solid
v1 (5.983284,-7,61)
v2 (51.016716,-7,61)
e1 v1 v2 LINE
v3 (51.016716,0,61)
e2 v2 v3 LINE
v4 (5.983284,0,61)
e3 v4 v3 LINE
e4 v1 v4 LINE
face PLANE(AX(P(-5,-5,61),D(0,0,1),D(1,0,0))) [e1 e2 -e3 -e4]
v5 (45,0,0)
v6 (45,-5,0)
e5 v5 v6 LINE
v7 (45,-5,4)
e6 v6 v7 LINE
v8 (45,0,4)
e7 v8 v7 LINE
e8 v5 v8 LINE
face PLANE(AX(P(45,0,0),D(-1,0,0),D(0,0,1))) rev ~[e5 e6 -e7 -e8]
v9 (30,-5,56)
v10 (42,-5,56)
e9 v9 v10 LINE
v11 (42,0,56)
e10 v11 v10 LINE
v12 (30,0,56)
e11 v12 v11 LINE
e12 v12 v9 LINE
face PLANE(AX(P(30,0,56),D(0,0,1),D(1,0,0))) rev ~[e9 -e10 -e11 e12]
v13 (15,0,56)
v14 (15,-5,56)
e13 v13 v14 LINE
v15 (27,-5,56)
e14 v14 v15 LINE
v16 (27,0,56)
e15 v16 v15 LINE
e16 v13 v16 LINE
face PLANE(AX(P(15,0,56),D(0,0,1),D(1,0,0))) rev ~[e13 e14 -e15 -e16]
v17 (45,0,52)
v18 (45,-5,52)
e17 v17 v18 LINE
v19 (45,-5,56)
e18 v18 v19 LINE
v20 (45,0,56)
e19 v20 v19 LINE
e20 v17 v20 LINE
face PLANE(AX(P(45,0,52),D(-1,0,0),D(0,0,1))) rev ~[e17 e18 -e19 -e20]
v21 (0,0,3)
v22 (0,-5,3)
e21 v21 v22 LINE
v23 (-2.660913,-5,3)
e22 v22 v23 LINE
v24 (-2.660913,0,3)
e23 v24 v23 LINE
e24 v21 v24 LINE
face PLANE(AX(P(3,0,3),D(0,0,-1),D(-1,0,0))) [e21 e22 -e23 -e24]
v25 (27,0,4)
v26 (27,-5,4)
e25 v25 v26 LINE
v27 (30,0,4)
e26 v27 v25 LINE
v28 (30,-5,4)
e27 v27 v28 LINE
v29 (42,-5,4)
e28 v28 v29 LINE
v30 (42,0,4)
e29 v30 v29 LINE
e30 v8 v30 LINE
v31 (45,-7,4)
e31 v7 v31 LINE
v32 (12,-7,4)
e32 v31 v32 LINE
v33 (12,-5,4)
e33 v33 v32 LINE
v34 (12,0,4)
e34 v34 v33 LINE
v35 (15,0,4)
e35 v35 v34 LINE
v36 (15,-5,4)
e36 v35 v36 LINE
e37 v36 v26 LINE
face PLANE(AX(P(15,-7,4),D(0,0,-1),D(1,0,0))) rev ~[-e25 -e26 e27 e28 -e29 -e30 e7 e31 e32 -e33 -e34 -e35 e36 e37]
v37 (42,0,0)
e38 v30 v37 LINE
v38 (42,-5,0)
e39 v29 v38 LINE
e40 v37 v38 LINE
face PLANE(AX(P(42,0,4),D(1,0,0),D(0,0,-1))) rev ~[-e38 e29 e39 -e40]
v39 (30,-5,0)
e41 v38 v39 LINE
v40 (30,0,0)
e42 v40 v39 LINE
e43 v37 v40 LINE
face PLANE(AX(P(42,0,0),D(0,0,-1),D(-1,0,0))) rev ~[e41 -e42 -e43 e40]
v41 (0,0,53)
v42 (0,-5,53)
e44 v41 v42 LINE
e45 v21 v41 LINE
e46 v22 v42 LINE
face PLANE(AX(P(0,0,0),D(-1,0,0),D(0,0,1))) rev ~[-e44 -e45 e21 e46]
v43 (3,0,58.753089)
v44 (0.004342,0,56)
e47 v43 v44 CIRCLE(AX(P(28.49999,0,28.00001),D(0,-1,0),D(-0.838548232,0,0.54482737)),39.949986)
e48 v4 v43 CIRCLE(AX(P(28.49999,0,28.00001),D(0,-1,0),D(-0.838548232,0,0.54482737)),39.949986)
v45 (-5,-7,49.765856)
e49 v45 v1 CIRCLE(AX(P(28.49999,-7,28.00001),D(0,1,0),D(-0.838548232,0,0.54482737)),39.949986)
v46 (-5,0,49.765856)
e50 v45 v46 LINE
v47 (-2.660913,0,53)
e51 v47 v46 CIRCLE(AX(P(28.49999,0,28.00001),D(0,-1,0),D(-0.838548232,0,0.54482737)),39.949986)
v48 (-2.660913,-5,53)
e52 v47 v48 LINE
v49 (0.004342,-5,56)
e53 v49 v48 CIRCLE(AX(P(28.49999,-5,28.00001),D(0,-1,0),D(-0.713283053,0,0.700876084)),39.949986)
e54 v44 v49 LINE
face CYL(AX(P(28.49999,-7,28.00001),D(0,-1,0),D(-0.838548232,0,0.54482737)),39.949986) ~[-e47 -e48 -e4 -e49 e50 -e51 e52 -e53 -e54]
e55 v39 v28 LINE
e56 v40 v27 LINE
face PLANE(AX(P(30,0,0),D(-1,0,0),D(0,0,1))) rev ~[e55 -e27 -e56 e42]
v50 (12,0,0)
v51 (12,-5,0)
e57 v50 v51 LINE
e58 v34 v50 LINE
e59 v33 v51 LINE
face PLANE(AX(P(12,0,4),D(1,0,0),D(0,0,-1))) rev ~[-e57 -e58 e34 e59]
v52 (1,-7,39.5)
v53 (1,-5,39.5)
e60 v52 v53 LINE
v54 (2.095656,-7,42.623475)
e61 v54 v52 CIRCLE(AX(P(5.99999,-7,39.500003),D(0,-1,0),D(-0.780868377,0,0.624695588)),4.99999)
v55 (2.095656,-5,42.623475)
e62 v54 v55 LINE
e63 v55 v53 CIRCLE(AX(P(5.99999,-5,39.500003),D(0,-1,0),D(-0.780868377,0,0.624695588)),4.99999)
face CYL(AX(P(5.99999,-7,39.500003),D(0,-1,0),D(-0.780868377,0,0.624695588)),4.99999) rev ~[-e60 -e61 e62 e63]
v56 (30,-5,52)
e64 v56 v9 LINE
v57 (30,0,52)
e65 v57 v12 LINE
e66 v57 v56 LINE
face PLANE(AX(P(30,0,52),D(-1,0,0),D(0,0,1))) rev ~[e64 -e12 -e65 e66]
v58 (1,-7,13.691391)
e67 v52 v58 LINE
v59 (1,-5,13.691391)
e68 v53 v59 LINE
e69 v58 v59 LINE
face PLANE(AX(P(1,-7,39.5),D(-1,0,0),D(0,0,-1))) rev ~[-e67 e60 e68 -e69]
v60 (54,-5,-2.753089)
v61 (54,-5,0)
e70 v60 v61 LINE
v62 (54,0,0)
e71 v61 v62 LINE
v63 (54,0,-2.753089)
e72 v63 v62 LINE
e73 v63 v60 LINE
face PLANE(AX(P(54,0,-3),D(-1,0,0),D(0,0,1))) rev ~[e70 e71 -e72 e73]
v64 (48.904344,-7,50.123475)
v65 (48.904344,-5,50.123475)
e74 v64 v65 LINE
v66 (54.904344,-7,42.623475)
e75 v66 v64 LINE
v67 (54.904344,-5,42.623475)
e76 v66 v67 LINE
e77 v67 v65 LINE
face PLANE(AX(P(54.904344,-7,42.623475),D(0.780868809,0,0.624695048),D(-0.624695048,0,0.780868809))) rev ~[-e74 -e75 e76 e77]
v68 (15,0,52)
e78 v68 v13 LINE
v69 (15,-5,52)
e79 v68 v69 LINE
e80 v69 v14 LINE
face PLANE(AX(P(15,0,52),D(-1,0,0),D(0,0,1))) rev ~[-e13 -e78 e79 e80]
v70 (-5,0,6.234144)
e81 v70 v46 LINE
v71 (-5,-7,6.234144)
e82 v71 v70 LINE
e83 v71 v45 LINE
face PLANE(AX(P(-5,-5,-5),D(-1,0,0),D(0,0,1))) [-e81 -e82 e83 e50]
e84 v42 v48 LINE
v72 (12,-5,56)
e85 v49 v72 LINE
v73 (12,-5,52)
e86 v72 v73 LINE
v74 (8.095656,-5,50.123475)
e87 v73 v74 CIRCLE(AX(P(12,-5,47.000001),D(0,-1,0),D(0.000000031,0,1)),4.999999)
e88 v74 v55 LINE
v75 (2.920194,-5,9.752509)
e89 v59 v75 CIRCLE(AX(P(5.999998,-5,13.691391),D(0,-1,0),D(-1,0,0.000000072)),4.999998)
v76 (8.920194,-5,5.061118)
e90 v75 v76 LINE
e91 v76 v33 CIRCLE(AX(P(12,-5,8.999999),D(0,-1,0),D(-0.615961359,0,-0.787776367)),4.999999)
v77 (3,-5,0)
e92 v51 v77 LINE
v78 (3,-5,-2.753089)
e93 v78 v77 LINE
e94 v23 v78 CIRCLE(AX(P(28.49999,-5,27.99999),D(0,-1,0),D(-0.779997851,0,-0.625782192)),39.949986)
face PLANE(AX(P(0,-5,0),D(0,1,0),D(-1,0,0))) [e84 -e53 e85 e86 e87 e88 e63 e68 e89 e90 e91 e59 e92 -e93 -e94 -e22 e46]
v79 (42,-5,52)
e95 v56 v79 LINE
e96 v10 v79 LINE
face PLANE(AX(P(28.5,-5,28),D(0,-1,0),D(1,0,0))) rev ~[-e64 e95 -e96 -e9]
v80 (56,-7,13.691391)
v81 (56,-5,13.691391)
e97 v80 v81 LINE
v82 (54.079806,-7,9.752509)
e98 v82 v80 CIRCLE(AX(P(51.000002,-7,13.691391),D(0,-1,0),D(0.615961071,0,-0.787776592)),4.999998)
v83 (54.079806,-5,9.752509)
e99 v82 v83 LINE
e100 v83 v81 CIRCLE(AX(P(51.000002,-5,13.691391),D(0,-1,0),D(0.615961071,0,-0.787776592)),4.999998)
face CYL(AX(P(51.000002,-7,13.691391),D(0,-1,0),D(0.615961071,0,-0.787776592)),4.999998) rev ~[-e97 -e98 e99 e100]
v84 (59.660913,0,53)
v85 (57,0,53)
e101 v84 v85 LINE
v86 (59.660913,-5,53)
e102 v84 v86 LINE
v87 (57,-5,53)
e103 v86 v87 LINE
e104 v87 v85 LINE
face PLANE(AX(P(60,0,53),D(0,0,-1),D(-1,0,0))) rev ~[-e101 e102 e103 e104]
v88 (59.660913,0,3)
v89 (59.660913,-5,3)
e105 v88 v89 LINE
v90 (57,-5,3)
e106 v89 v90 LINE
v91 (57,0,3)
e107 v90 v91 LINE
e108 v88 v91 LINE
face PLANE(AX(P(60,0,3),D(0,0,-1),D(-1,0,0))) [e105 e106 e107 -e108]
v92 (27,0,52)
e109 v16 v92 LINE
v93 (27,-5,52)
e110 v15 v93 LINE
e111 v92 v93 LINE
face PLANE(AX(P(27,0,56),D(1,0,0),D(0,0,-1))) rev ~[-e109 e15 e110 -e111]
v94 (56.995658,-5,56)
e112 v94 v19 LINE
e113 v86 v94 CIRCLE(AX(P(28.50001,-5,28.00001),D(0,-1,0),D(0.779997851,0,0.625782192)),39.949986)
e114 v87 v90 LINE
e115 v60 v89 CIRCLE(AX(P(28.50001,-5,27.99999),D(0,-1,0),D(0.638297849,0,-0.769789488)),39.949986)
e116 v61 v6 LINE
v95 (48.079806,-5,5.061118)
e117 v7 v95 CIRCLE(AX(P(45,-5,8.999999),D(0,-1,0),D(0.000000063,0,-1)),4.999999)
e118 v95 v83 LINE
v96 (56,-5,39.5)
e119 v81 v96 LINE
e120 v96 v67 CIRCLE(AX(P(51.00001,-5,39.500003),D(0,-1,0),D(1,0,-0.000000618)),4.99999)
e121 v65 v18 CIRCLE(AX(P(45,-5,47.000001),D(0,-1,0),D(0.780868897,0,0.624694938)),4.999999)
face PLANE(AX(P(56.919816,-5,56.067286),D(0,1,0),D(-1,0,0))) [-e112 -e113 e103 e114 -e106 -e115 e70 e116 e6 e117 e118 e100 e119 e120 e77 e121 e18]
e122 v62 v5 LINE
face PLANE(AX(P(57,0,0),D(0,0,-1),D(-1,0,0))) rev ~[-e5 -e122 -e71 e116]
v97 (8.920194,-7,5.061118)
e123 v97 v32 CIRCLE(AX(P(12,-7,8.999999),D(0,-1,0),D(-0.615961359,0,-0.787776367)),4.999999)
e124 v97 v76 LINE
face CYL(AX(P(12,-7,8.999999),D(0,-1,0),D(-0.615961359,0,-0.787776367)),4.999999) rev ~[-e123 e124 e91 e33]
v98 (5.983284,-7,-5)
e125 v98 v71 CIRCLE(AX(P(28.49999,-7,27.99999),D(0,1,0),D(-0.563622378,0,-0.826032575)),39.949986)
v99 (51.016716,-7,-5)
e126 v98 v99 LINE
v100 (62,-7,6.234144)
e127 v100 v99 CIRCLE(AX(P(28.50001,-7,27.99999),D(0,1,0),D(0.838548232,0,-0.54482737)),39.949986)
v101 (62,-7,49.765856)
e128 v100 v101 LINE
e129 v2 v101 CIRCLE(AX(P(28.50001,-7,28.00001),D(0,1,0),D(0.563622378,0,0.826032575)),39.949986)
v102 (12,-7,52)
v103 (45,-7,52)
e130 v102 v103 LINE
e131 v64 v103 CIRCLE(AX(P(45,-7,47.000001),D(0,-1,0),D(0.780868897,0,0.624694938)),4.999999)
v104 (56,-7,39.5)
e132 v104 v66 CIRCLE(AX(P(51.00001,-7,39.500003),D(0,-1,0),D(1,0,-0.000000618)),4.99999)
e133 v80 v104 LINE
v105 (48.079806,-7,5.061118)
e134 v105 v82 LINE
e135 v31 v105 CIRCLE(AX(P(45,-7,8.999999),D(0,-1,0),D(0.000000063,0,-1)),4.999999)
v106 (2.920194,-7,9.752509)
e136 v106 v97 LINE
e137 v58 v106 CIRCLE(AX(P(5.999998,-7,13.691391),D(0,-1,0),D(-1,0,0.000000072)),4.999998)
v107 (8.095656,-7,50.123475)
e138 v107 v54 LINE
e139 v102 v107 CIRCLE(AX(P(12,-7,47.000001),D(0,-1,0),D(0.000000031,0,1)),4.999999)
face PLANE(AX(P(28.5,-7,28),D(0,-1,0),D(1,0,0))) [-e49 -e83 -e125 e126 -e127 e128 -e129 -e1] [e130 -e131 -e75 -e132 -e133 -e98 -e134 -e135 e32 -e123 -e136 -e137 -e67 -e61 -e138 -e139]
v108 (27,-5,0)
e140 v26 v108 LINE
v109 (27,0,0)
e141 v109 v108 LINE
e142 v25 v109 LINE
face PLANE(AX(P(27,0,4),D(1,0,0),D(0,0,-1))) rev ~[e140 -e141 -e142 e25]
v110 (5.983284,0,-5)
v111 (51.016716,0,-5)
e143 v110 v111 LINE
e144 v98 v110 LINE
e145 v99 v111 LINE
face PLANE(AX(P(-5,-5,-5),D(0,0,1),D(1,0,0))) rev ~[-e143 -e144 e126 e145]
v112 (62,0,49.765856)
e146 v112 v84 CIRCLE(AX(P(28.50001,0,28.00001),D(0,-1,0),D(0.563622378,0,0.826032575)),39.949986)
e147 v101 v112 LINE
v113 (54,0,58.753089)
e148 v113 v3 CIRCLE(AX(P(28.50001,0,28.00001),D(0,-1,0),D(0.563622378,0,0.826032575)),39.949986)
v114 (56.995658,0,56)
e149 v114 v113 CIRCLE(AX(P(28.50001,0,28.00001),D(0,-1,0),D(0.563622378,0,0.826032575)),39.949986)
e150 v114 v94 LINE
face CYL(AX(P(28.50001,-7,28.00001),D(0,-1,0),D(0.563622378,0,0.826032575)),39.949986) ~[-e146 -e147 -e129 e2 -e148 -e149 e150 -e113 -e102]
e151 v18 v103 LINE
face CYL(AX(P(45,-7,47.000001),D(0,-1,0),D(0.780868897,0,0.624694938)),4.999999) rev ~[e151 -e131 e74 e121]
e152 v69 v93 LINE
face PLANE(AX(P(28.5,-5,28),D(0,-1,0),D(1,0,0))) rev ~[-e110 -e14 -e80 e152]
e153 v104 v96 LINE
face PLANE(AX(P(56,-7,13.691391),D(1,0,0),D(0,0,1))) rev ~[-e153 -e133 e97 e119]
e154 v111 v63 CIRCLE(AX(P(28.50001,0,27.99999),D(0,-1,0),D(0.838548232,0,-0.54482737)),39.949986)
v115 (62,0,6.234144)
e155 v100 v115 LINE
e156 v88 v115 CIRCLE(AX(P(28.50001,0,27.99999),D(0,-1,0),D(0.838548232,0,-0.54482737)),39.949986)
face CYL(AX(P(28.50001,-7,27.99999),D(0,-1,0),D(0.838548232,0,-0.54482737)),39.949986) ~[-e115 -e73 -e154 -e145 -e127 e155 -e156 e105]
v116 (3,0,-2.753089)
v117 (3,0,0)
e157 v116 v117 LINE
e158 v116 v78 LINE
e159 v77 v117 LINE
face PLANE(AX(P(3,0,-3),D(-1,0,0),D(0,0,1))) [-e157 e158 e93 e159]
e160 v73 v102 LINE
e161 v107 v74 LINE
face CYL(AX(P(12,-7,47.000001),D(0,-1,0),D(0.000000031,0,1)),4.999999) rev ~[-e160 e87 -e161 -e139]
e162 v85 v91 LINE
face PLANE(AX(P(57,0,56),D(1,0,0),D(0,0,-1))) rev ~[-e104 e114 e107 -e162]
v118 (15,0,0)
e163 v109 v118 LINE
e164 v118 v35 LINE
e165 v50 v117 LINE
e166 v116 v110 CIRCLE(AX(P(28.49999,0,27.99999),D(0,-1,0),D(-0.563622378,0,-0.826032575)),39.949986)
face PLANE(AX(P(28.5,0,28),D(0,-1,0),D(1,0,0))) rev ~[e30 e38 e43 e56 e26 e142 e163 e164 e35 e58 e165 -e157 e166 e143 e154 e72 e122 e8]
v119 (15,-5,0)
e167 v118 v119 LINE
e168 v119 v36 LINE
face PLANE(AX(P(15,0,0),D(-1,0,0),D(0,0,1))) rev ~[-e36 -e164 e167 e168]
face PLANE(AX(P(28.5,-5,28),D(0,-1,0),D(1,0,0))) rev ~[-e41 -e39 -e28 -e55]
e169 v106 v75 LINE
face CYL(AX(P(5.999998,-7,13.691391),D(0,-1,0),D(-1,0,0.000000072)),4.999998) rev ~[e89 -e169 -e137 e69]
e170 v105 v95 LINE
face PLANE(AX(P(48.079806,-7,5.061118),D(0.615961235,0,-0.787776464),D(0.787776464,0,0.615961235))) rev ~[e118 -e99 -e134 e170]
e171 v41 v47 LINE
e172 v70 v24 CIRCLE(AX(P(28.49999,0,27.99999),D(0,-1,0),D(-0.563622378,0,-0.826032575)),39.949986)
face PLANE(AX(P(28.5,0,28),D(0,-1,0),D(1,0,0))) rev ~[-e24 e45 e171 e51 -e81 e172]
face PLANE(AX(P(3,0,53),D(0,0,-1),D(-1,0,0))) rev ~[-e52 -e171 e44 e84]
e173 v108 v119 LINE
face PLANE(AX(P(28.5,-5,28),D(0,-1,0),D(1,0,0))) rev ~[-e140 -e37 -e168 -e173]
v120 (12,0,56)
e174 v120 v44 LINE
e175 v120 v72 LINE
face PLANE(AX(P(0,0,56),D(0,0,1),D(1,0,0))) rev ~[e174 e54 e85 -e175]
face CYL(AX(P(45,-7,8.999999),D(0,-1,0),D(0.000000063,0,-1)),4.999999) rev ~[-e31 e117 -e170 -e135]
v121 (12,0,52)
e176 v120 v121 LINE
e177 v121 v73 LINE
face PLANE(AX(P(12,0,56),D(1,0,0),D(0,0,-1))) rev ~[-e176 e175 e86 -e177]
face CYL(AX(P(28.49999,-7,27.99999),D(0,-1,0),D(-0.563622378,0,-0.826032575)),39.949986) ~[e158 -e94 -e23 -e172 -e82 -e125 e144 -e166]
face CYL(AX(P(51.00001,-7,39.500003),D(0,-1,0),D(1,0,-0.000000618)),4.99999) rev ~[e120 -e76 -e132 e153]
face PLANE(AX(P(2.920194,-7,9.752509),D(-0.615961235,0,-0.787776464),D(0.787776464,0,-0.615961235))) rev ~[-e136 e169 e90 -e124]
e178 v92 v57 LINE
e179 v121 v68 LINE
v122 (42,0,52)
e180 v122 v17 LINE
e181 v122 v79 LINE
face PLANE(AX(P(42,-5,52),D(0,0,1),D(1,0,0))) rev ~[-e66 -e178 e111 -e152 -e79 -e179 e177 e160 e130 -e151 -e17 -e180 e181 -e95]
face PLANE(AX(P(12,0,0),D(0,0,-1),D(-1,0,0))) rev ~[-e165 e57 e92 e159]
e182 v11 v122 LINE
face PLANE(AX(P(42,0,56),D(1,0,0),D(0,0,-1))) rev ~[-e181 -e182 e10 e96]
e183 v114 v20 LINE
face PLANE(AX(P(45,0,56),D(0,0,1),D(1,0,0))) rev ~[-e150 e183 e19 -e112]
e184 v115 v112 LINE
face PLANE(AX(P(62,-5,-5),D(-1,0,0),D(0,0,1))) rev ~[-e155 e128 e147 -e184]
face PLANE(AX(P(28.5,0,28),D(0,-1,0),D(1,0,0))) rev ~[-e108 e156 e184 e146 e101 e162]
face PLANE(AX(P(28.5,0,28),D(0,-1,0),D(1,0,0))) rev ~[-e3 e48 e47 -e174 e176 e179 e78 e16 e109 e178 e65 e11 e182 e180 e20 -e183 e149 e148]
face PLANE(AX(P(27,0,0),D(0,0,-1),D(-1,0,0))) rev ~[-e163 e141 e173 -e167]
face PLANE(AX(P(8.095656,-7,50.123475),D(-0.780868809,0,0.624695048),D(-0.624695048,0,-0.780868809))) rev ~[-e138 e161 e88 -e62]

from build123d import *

# Parameters (mm, degrees)
F0_W     = 67
F0_H     = 66
F1_DEPTH = 5
F2_W     = 67
F2_H     = 66
F3_DEPTH = 2
F4_W     = 12
F4_H     = 48
F5_DEPTH = 7.001
F7_DEPTH = 7.001
F8_W     = 6
F8_H     = 6
F9_DEPTH = 5


with BuildPart() as f1:
    # F0 (on Front) → F1 (new body)
    with BuildSketch(Plane.XZ):
        with Locations((28.5, 28)):
            Rectangle(F0_W, F0_H)
        Polygon((12, 0), (0, 0), (0, 56), (12, 56), (12, 52), (15, 52), (15, 56), (27, 56), (27, 52), (30, 52), (30, 56), (42, 56), (42, 52), (45, 52), (45, 56), (57, 56), (57, 0), (45, 0), (45, 4), (42, 4), (42, 0), (30, 0), (30, 4), (27, 4), (27, 0), (15, 0), (15, 4), (12, 4), align=None, mode=Mode.SUBTRACT)
    extrude(amount=F1_DEPTH)

    # F2 (on face) → F3 (join)
    with BuildSketch(Plane.XZ.offset(5)):
        with Locations((28.5, 28)):
            Rectangle(F2_W, F2_H)
        Polygon((12, 56), (12, 52), (15, 52), (15, 56), (27, 56), (27, 52), (30, 52), (30, 56), (42, 56), (42, 52), (45, 52), (45, 56), (57, 56), (57, 0), (45, 0), (45, 4), (42, 4), (42, 0), (30, 0), (30, 4), (27, 4), (27, 0), (15, 0), (15, 4), (12, 4), (12, 0), (0, 0), (0, 56), align=None, mode=Mode.SUBTRACT)
        Polygon((12, 4), (12, 52), (12, 56), (0, 56), (0, 0), (12, 0), align=None)
        Polygon((15, 56), (15, 52), (15, 4), (15, 0), (27, 0), (27, 4), (27, 52), (27, 56), align=None)
        Polygon((30, 56), (30, 52), (30, 4), (30, 0), (42, 0), (42, 4), (42, 52), (42, 56), align=None)
        Polygon((45, 56), (45, 52), (45, 4), (45, 0), (57, 0), (57, 56), align=None)
    extrude(amount=F3_DEPTH)

    # F4 (on face) → F5 (cut, through all)
    with BuildSketch(Plane.XZ.offset(7)):
        with BuildLine():
            Line((12, 4), (12, 52))
            ThreePointArc((12, 52), (9.834056, 51.506516), (8.095656, 50.123475))
            Line((8.095656, 50.123475), (2.095656, 42.623475))
            ThreePointArc((2.095656, 42.623475), (1.281858, 41.155035), (1, 39.5))
            Line((1, 39.5), (1, 13.691391))
            ThreePointArc((1, 13.691391), (1.505613, 11.50039), (2.920194, 9.752509))
            Line((2.920194, 9.752509), (8.920194, 5.061118))
            ThreePointArc((8.920194, 5.061118), (10.37126, 4.272717), (12, 4))
        make_face()
        with Locations((21, 28)):
            Rectangle(F4_W, F4_H)
        with Locations((36, 28)):
            Rectangle(F4_W, F4_H)
        with BuildLine():
            Line((56, 13.691391), (56, 39.5))
            ThreePointArc((56, 39.5), (55.718142, 41.155035), (54.904344, 42.623475))
            Line((54.904344, 42.623475), (48.904344, 50.123475))
            ThreePointArc((48.904344, 50.123475), (47.165944, 51.506516), (45, 52))
            Line((45, 52), (45, 4))
            ThreePointArc((45, 4), (46.62874, 4.272717), (48.079806, 5.061118))
            Line((48.079806, 5.061118), (54.079806, 9.752509))
            ThreePointArc((54.079806, 9.752509), (55.494387, 11.50039), (56, 13.691391))
        make_face()
    extrude(amount=-F5_DEPTH, mode=Mode.SUBTRACT)

    # F6 (on face) → F7 (cut, through all)
    with BuildSketch(Plane.XZ.offset(7)):
        with BuildLine():
            ThreePointArc((-5, 49.765856), (-0.066057, 55.928174), (5.983284, 61))
            Line((5.983284, 61), (-5, 61))
            Line((-5, 61), (-5, 49.765856))
        make_face()
        with BuildLine():
            Line((62, 61), (51.016716, 61))
            ThreePointArc((51.016716, 61), (57.066057, 55.928174), (62, 49.765856))
            Line((62, 49.765856), (62, 61))
        make_face()
        with BuildLine():
            Line((62, -5), (62, 6.234144))
            ThreePointArc((62, 6.234144), (57.066057, 0.071826), (51.016716, -5))
            Line((51.016716, -5), (62, -5))
        make_face()
        with BuildLine():
            ThreePointArc((5.983284, -5), (-0.066057, 0.071826), (-5, 6.234144))
            Line((-5, 6.234144), (-5, -5))
            Line((-5, -5), (5.983284, -5))
        make_face()
    extrude(amount=-F7_DEPTH, mode=Mode.SUBTRACT)

    # F8 (on face) → F9 (cut)
    with BuildSketch(Plane(origin=(0, 0, 0), x_dir=(-1, 0, 0), z_dir=(0, 1, 0))):
        with BuildLine():
            Line((-54, 59), (-60, 59))
            Line((-60, 59), (-60, 53))
            Line((-60, 53), (-54, 53))
            Line((-54, 53), (-54, 56))
            Line((-54, 56), (-56.995658, 56))
            ThreePointArc((-56.995658, 56), (-55.532899, 57.414705), (-54, 58.753089))
            Line((-54, 58.753089), (-54, 59))
        make_face()
        with BuildLine():
            Line((-3, 59), (-3, 58.753089))
            ThreePointArc((-3, 58.753089), (-1.467101, 57.414705), (-0.004342, 56))
            Line((-0.004342, 56), (-3, 56))
            Line((-3, 56), (-3, 53))
            Line((-3, 53), (3, 53))
            Line((3, 53), (3, 59))
            Line((3, 59), (-3, 59))
        make_face()
        Rectangle(F8_W, F8_H)
        with Locations((-57, 0)):
            Rectangle(F8_W, F8_H)
    extrude(amount=-F9_DEPTH, mode=Mode.SUBTRACT)


solid = f1.part
